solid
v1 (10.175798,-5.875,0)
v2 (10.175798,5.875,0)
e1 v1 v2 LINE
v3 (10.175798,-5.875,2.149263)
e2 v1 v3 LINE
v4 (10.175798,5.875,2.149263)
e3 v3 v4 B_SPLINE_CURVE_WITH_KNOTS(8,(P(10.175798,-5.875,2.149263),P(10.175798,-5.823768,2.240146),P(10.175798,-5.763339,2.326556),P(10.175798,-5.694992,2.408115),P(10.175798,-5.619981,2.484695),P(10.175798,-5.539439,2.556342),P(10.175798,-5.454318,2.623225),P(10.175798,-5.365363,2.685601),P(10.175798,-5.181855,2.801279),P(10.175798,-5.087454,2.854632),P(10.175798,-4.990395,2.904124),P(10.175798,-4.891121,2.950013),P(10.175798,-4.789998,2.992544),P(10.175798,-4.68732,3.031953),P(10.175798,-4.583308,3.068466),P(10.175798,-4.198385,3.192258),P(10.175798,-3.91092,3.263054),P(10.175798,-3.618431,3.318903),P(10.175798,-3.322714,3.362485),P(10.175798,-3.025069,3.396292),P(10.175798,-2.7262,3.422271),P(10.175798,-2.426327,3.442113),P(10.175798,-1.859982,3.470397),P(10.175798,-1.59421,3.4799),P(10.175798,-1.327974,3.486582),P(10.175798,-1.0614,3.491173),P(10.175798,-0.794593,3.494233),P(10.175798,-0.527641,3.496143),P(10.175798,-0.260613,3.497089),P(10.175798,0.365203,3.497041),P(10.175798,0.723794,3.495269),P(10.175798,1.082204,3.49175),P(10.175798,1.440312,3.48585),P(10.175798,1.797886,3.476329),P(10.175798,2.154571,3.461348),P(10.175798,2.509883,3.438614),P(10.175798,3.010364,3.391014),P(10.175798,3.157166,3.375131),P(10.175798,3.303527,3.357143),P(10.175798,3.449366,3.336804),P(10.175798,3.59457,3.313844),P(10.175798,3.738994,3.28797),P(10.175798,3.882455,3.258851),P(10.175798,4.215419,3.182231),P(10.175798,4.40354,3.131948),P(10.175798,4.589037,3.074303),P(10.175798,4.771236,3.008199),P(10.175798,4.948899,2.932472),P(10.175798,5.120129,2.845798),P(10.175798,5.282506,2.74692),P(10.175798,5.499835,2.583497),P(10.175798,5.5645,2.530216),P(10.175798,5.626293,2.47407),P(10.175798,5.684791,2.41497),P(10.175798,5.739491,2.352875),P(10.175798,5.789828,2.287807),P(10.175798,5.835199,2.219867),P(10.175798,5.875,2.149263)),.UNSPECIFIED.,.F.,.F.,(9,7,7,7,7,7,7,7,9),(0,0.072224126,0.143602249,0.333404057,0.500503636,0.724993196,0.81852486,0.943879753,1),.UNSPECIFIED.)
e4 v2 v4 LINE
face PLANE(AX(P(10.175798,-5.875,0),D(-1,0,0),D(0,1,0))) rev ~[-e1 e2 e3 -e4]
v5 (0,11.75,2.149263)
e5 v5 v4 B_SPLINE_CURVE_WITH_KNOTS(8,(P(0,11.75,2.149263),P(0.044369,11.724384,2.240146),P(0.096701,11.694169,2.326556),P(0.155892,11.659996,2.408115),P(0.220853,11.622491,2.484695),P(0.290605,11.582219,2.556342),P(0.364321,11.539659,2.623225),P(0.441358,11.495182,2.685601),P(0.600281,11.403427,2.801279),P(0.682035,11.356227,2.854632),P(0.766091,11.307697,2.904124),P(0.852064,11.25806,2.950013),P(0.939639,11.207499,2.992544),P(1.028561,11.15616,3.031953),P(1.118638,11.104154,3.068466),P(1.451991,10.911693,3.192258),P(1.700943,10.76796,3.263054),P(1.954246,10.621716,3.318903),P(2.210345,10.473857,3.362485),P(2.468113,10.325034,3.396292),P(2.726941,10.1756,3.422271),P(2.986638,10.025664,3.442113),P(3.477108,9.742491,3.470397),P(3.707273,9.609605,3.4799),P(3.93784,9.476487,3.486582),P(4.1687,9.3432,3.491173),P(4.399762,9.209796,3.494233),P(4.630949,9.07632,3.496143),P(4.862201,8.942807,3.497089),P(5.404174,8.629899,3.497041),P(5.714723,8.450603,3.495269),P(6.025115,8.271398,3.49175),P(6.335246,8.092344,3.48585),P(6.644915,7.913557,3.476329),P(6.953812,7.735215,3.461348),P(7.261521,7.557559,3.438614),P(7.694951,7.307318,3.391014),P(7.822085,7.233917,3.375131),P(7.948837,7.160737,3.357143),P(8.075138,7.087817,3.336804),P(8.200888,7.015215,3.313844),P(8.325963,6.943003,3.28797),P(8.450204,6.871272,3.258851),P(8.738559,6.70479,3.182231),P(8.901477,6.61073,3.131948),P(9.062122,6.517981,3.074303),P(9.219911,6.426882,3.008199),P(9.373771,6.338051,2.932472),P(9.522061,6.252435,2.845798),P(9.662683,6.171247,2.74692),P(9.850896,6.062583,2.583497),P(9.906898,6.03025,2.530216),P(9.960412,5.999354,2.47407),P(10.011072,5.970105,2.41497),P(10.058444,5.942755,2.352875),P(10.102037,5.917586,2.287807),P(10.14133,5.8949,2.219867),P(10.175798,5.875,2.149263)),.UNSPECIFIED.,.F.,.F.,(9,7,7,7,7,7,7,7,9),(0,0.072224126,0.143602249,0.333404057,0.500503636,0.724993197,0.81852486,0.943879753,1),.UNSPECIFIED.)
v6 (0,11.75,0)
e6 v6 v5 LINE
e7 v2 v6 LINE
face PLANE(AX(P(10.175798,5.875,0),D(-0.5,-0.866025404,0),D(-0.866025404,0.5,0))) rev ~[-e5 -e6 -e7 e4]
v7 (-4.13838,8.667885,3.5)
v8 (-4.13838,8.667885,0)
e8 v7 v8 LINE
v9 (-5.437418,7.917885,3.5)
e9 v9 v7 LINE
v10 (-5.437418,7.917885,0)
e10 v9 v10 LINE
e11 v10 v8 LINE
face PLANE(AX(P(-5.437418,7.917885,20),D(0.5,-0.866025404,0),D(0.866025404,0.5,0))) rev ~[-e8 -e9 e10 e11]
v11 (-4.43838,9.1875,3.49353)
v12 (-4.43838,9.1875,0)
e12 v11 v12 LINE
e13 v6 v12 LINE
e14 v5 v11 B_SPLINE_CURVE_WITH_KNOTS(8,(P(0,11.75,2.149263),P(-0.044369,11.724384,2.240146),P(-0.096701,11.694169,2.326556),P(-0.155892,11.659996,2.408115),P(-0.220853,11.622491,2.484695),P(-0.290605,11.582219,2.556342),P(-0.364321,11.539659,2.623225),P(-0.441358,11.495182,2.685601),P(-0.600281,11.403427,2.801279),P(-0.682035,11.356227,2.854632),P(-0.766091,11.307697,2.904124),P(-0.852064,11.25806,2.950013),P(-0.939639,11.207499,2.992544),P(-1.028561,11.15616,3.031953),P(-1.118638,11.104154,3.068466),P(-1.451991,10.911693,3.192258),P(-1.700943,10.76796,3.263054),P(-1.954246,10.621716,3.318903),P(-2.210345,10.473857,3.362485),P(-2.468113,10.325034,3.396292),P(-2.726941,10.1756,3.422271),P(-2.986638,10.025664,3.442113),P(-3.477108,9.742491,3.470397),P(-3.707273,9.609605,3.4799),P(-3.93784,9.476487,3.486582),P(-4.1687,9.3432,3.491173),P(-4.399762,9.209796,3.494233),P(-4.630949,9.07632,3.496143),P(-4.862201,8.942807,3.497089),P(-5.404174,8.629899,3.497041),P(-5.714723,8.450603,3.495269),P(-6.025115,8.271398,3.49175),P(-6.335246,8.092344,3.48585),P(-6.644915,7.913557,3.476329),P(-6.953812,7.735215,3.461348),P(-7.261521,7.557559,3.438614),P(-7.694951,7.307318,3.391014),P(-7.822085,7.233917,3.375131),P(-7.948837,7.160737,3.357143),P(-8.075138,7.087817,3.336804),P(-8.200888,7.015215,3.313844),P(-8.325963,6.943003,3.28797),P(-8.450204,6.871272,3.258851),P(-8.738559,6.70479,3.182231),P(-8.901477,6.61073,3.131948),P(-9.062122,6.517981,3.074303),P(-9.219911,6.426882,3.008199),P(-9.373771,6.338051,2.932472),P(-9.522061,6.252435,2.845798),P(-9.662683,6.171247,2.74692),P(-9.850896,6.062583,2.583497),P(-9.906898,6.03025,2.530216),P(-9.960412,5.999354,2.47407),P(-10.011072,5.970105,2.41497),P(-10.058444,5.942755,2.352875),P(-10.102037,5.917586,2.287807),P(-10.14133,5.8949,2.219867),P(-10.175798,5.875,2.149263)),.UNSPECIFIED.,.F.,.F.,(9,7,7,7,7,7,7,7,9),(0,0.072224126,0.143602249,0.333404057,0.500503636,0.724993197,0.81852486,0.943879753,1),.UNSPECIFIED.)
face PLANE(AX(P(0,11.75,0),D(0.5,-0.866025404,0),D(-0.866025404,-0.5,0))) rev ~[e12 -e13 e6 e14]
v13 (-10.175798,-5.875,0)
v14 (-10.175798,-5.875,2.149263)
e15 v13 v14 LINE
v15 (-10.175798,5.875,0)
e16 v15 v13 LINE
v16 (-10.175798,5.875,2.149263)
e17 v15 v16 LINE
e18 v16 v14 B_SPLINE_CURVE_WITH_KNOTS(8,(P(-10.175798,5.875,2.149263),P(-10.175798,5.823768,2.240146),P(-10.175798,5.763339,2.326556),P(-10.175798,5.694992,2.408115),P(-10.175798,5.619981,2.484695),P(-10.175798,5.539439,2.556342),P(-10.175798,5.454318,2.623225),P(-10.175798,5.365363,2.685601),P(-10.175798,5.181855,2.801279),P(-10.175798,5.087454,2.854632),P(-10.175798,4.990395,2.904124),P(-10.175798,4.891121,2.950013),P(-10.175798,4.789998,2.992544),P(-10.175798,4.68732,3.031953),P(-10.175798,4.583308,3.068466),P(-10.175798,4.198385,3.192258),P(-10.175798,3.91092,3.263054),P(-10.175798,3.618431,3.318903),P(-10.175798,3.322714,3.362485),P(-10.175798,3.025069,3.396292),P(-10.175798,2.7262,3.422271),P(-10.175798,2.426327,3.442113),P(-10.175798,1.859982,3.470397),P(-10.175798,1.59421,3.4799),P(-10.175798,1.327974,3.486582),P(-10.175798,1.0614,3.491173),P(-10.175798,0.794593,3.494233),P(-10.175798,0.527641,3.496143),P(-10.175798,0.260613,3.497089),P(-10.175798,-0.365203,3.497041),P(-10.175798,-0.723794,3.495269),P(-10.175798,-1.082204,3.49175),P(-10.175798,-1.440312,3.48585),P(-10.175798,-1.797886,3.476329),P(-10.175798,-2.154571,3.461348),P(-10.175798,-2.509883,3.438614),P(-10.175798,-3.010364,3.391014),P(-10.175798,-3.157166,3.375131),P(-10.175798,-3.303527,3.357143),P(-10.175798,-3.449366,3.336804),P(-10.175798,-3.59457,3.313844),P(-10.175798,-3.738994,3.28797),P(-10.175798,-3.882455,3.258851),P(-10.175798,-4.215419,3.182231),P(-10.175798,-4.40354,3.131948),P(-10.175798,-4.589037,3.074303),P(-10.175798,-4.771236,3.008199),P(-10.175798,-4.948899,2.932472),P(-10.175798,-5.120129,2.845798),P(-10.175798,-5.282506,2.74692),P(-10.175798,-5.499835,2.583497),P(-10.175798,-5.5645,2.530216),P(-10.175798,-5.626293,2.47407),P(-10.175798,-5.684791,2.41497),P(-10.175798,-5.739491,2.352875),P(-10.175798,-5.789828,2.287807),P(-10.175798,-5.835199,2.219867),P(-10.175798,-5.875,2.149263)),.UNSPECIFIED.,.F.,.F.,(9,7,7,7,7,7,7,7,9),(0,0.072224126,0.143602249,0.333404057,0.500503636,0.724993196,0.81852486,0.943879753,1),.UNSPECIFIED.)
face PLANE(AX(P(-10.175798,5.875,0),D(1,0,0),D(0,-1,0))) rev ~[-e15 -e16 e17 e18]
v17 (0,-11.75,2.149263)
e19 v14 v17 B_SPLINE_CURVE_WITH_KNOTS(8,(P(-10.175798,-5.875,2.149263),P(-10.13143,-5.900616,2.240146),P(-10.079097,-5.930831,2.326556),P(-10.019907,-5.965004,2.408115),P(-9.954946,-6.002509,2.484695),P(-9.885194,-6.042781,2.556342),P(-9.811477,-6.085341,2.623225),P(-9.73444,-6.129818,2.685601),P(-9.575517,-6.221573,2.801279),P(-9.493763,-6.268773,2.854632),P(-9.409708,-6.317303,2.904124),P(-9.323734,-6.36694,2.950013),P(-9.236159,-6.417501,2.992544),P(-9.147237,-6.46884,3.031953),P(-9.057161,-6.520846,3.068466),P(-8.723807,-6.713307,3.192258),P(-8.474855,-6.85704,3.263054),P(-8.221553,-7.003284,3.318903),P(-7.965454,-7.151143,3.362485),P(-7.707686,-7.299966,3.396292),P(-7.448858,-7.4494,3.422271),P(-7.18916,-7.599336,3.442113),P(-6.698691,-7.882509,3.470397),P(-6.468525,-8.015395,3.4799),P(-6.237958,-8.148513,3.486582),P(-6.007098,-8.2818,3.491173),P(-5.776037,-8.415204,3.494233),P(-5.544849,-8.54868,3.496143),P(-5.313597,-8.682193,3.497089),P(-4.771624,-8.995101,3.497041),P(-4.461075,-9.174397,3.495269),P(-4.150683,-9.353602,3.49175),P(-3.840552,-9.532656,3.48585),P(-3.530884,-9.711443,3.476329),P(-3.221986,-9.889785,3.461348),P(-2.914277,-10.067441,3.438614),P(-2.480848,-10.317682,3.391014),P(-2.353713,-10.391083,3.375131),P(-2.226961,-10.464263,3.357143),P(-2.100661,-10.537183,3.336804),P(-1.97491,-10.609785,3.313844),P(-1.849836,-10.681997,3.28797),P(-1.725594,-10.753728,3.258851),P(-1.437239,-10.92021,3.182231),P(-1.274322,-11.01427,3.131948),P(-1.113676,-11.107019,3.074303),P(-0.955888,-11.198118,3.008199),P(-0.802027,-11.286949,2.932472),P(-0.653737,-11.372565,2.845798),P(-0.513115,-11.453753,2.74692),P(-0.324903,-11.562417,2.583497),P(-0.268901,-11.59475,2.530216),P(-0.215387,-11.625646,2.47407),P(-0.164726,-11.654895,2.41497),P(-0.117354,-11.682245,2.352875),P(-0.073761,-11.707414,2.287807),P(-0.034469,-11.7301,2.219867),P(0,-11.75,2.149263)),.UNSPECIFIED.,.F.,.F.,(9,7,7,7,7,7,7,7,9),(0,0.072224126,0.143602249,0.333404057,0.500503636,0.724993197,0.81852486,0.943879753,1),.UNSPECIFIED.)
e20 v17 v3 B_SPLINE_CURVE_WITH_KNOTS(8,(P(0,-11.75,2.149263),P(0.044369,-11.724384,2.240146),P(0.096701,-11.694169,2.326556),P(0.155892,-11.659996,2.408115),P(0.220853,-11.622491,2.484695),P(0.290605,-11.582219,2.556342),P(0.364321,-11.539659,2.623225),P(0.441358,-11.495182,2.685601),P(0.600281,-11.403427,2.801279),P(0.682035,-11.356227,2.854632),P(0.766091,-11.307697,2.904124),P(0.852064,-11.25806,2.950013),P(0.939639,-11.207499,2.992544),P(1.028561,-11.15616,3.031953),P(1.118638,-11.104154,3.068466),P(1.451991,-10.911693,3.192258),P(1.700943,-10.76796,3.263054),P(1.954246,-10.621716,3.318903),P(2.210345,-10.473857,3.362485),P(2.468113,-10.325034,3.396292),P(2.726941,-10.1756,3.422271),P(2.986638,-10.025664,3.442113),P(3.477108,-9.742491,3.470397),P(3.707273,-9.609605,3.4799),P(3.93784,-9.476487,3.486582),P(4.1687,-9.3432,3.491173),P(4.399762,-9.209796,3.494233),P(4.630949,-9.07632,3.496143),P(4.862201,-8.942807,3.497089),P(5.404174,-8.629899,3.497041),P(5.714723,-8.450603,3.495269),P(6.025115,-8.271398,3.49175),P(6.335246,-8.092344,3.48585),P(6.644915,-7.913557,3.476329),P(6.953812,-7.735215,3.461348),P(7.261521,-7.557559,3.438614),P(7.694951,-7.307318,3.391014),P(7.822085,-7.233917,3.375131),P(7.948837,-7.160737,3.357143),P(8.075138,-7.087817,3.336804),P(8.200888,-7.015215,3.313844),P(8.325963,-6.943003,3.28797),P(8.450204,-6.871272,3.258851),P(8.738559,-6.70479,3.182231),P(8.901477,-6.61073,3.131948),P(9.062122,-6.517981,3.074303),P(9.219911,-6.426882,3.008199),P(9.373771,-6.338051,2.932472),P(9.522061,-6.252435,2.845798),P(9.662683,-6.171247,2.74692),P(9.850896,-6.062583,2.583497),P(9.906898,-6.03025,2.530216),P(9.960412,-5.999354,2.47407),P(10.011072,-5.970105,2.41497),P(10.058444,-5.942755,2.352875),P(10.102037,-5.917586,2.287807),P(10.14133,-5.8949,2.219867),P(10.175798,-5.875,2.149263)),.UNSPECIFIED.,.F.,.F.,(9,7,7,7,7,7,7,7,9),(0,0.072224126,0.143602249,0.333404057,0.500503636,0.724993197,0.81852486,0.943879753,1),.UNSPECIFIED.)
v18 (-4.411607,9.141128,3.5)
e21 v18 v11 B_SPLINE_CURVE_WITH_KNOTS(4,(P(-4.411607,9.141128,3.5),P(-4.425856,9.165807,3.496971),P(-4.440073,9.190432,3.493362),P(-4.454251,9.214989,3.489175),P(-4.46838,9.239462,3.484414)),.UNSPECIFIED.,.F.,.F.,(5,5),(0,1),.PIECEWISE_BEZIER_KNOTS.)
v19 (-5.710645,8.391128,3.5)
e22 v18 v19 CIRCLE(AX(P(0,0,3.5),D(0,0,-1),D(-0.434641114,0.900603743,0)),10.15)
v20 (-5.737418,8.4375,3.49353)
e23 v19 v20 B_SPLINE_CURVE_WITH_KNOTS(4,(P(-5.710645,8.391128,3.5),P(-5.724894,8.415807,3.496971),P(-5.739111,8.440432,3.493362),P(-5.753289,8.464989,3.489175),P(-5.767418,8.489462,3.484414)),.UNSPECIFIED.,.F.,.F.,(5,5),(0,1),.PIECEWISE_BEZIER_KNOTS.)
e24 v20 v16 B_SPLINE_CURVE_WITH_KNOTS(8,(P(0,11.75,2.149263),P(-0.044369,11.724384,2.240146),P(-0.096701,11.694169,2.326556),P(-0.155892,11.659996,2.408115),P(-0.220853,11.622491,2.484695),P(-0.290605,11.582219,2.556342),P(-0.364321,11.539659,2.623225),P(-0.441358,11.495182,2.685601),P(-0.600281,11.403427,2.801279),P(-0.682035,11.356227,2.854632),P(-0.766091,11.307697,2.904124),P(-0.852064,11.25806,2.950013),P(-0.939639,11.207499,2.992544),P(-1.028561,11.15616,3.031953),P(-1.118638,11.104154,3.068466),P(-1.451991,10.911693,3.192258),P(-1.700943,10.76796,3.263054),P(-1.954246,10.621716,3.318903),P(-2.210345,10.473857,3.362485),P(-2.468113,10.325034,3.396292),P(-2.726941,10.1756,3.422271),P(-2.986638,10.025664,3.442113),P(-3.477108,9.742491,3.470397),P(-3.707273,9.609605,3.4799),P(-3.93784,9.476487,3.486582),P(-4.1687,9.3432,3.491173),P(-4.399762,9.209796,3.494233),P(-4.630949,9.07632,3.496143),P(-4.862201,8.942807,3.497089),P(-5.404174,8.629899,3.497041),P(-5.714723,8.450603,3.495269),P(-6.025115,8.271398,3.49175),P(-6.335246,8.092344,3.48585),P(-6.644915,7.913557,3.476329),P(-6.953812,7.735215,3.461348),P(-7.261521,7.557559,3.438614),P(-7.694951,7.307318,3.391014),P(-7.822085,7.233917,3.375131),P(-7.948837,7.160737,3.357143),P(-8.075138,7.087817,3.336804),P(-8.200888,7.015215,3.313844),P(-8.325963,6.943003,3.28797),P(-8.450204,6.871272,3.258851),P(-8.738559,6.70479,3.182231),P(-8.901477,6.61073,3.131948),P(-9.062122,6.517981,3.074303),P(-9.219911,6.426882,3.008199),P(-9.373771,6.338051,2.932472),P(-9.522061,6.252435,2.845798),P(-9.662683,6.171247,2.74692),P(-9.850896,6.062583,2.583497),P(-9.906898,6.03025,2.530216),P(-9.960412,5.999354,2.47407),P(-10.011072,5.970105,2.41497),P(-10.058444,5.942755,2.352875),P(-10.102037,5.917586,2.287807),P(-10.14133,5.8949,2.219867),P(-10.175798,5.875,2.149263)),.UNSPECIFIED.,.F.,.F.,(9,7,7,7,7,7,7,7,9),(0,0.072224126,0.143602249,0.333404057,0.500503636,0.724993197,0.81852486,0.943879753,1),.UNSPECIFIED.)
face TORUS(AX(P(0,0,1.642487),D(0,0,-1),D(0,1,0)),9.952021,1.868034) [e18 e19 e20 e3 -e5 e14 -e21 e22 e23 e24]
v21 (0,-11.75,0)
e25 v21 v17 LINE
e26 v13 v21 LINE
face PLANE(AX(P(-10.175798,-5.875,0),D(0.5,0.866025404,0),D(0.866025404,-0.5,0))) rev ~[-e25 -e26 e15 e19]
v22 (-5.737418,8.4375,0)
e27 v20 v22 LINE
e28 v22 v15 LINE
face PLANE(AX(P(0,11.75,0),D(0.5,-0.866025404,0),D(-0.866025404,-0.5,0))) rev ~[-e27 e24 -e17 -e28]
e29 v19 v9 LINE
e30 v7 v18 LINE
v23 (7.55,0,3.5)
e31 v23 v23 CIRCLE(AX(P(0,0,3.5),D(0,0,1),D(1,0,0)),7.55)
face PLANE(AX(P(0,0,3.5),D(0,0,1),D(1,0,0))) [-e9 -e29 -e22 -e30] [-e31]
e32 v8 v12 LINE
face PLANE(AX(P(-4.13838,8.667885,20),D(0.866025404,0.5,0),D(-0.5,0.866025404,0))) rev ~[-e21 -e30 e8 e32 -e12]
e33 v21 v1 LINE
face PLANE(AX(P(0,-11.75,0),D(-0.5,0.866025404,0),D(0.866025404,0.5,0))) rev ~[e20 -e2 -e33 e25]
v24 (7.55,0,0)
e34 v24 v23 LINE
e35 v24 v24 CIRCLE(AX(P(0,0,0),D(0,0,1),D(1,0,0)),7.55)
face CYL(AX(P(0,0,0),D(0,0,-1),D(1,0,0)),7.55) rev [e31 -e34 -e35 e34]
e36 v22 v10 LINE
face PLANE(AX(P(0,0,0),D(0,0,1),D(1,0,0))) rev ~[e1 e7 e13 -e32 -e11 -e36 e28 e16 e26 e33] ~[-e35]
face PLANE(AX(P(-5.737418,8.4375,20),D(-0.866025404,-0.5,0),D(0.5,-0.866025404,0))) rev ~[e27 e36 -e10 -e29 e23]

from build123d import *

# Parameters (mm, degrees)
SKETCH_1_R          = 7.55
EXTRUDE_1_DEPTH     = 3.5
CUT_EXTRUDE_1_DEPTH = 27.5


with BuildPart() as part:
    # Эскиз1 → Бобышка-Вытянуть1 (new body)
    with BuildSketch(Plane.XY):
        Polygon((0, 11.75), (-10.175798494, 5.875), (-10.175798494, -5.875), (0, -11.75), (10.175798494, -5.875), (10.175798494, 5.875), align=None)
        Circle(SKETCH_1_R, mode=Mode.SUBTRACT)
    extrude(amount=EXTRUDE_1_DEPTH)

    # Эскиз3 → Вырез-Повернуть2 (revolve, cut)
    with BuildSketch(Plane(origin=(0, 0, 0), x_dir=(0, 0, -1), z_dir=(1, 0, 0))):
        with BuildLine():
            Line((-2.149262527, 11.75), (-3.5, 11.75))
            Line((-3.5, 11.75), (-3.5, 10.15))
            ThreePointArc((-3.5, 10.15), (-3.06988498, 11.157045866), (-2.149262527, 11.75))
        make_face()
    revolve(axis=Axis((0, 0, 10.349500572), (0, 0, -1)), mode=Mode.SUBTRACT)

    # Эскиз4 → Вырез-Вытянуть1 (cut)
    with BuildSketch(Plane.XY.offset(20)):
        Polygon((-4.438380194, 9.1875), (-5.7374183, 8.4375), (-5.4374183, 7.917884758), (-4.138380194, 8.667884758), align=None)
    extrude(amount=-CUT_EXTRUDE_1_DEPTH, mode=Mode.SUBTRACT)


solid = part.part
